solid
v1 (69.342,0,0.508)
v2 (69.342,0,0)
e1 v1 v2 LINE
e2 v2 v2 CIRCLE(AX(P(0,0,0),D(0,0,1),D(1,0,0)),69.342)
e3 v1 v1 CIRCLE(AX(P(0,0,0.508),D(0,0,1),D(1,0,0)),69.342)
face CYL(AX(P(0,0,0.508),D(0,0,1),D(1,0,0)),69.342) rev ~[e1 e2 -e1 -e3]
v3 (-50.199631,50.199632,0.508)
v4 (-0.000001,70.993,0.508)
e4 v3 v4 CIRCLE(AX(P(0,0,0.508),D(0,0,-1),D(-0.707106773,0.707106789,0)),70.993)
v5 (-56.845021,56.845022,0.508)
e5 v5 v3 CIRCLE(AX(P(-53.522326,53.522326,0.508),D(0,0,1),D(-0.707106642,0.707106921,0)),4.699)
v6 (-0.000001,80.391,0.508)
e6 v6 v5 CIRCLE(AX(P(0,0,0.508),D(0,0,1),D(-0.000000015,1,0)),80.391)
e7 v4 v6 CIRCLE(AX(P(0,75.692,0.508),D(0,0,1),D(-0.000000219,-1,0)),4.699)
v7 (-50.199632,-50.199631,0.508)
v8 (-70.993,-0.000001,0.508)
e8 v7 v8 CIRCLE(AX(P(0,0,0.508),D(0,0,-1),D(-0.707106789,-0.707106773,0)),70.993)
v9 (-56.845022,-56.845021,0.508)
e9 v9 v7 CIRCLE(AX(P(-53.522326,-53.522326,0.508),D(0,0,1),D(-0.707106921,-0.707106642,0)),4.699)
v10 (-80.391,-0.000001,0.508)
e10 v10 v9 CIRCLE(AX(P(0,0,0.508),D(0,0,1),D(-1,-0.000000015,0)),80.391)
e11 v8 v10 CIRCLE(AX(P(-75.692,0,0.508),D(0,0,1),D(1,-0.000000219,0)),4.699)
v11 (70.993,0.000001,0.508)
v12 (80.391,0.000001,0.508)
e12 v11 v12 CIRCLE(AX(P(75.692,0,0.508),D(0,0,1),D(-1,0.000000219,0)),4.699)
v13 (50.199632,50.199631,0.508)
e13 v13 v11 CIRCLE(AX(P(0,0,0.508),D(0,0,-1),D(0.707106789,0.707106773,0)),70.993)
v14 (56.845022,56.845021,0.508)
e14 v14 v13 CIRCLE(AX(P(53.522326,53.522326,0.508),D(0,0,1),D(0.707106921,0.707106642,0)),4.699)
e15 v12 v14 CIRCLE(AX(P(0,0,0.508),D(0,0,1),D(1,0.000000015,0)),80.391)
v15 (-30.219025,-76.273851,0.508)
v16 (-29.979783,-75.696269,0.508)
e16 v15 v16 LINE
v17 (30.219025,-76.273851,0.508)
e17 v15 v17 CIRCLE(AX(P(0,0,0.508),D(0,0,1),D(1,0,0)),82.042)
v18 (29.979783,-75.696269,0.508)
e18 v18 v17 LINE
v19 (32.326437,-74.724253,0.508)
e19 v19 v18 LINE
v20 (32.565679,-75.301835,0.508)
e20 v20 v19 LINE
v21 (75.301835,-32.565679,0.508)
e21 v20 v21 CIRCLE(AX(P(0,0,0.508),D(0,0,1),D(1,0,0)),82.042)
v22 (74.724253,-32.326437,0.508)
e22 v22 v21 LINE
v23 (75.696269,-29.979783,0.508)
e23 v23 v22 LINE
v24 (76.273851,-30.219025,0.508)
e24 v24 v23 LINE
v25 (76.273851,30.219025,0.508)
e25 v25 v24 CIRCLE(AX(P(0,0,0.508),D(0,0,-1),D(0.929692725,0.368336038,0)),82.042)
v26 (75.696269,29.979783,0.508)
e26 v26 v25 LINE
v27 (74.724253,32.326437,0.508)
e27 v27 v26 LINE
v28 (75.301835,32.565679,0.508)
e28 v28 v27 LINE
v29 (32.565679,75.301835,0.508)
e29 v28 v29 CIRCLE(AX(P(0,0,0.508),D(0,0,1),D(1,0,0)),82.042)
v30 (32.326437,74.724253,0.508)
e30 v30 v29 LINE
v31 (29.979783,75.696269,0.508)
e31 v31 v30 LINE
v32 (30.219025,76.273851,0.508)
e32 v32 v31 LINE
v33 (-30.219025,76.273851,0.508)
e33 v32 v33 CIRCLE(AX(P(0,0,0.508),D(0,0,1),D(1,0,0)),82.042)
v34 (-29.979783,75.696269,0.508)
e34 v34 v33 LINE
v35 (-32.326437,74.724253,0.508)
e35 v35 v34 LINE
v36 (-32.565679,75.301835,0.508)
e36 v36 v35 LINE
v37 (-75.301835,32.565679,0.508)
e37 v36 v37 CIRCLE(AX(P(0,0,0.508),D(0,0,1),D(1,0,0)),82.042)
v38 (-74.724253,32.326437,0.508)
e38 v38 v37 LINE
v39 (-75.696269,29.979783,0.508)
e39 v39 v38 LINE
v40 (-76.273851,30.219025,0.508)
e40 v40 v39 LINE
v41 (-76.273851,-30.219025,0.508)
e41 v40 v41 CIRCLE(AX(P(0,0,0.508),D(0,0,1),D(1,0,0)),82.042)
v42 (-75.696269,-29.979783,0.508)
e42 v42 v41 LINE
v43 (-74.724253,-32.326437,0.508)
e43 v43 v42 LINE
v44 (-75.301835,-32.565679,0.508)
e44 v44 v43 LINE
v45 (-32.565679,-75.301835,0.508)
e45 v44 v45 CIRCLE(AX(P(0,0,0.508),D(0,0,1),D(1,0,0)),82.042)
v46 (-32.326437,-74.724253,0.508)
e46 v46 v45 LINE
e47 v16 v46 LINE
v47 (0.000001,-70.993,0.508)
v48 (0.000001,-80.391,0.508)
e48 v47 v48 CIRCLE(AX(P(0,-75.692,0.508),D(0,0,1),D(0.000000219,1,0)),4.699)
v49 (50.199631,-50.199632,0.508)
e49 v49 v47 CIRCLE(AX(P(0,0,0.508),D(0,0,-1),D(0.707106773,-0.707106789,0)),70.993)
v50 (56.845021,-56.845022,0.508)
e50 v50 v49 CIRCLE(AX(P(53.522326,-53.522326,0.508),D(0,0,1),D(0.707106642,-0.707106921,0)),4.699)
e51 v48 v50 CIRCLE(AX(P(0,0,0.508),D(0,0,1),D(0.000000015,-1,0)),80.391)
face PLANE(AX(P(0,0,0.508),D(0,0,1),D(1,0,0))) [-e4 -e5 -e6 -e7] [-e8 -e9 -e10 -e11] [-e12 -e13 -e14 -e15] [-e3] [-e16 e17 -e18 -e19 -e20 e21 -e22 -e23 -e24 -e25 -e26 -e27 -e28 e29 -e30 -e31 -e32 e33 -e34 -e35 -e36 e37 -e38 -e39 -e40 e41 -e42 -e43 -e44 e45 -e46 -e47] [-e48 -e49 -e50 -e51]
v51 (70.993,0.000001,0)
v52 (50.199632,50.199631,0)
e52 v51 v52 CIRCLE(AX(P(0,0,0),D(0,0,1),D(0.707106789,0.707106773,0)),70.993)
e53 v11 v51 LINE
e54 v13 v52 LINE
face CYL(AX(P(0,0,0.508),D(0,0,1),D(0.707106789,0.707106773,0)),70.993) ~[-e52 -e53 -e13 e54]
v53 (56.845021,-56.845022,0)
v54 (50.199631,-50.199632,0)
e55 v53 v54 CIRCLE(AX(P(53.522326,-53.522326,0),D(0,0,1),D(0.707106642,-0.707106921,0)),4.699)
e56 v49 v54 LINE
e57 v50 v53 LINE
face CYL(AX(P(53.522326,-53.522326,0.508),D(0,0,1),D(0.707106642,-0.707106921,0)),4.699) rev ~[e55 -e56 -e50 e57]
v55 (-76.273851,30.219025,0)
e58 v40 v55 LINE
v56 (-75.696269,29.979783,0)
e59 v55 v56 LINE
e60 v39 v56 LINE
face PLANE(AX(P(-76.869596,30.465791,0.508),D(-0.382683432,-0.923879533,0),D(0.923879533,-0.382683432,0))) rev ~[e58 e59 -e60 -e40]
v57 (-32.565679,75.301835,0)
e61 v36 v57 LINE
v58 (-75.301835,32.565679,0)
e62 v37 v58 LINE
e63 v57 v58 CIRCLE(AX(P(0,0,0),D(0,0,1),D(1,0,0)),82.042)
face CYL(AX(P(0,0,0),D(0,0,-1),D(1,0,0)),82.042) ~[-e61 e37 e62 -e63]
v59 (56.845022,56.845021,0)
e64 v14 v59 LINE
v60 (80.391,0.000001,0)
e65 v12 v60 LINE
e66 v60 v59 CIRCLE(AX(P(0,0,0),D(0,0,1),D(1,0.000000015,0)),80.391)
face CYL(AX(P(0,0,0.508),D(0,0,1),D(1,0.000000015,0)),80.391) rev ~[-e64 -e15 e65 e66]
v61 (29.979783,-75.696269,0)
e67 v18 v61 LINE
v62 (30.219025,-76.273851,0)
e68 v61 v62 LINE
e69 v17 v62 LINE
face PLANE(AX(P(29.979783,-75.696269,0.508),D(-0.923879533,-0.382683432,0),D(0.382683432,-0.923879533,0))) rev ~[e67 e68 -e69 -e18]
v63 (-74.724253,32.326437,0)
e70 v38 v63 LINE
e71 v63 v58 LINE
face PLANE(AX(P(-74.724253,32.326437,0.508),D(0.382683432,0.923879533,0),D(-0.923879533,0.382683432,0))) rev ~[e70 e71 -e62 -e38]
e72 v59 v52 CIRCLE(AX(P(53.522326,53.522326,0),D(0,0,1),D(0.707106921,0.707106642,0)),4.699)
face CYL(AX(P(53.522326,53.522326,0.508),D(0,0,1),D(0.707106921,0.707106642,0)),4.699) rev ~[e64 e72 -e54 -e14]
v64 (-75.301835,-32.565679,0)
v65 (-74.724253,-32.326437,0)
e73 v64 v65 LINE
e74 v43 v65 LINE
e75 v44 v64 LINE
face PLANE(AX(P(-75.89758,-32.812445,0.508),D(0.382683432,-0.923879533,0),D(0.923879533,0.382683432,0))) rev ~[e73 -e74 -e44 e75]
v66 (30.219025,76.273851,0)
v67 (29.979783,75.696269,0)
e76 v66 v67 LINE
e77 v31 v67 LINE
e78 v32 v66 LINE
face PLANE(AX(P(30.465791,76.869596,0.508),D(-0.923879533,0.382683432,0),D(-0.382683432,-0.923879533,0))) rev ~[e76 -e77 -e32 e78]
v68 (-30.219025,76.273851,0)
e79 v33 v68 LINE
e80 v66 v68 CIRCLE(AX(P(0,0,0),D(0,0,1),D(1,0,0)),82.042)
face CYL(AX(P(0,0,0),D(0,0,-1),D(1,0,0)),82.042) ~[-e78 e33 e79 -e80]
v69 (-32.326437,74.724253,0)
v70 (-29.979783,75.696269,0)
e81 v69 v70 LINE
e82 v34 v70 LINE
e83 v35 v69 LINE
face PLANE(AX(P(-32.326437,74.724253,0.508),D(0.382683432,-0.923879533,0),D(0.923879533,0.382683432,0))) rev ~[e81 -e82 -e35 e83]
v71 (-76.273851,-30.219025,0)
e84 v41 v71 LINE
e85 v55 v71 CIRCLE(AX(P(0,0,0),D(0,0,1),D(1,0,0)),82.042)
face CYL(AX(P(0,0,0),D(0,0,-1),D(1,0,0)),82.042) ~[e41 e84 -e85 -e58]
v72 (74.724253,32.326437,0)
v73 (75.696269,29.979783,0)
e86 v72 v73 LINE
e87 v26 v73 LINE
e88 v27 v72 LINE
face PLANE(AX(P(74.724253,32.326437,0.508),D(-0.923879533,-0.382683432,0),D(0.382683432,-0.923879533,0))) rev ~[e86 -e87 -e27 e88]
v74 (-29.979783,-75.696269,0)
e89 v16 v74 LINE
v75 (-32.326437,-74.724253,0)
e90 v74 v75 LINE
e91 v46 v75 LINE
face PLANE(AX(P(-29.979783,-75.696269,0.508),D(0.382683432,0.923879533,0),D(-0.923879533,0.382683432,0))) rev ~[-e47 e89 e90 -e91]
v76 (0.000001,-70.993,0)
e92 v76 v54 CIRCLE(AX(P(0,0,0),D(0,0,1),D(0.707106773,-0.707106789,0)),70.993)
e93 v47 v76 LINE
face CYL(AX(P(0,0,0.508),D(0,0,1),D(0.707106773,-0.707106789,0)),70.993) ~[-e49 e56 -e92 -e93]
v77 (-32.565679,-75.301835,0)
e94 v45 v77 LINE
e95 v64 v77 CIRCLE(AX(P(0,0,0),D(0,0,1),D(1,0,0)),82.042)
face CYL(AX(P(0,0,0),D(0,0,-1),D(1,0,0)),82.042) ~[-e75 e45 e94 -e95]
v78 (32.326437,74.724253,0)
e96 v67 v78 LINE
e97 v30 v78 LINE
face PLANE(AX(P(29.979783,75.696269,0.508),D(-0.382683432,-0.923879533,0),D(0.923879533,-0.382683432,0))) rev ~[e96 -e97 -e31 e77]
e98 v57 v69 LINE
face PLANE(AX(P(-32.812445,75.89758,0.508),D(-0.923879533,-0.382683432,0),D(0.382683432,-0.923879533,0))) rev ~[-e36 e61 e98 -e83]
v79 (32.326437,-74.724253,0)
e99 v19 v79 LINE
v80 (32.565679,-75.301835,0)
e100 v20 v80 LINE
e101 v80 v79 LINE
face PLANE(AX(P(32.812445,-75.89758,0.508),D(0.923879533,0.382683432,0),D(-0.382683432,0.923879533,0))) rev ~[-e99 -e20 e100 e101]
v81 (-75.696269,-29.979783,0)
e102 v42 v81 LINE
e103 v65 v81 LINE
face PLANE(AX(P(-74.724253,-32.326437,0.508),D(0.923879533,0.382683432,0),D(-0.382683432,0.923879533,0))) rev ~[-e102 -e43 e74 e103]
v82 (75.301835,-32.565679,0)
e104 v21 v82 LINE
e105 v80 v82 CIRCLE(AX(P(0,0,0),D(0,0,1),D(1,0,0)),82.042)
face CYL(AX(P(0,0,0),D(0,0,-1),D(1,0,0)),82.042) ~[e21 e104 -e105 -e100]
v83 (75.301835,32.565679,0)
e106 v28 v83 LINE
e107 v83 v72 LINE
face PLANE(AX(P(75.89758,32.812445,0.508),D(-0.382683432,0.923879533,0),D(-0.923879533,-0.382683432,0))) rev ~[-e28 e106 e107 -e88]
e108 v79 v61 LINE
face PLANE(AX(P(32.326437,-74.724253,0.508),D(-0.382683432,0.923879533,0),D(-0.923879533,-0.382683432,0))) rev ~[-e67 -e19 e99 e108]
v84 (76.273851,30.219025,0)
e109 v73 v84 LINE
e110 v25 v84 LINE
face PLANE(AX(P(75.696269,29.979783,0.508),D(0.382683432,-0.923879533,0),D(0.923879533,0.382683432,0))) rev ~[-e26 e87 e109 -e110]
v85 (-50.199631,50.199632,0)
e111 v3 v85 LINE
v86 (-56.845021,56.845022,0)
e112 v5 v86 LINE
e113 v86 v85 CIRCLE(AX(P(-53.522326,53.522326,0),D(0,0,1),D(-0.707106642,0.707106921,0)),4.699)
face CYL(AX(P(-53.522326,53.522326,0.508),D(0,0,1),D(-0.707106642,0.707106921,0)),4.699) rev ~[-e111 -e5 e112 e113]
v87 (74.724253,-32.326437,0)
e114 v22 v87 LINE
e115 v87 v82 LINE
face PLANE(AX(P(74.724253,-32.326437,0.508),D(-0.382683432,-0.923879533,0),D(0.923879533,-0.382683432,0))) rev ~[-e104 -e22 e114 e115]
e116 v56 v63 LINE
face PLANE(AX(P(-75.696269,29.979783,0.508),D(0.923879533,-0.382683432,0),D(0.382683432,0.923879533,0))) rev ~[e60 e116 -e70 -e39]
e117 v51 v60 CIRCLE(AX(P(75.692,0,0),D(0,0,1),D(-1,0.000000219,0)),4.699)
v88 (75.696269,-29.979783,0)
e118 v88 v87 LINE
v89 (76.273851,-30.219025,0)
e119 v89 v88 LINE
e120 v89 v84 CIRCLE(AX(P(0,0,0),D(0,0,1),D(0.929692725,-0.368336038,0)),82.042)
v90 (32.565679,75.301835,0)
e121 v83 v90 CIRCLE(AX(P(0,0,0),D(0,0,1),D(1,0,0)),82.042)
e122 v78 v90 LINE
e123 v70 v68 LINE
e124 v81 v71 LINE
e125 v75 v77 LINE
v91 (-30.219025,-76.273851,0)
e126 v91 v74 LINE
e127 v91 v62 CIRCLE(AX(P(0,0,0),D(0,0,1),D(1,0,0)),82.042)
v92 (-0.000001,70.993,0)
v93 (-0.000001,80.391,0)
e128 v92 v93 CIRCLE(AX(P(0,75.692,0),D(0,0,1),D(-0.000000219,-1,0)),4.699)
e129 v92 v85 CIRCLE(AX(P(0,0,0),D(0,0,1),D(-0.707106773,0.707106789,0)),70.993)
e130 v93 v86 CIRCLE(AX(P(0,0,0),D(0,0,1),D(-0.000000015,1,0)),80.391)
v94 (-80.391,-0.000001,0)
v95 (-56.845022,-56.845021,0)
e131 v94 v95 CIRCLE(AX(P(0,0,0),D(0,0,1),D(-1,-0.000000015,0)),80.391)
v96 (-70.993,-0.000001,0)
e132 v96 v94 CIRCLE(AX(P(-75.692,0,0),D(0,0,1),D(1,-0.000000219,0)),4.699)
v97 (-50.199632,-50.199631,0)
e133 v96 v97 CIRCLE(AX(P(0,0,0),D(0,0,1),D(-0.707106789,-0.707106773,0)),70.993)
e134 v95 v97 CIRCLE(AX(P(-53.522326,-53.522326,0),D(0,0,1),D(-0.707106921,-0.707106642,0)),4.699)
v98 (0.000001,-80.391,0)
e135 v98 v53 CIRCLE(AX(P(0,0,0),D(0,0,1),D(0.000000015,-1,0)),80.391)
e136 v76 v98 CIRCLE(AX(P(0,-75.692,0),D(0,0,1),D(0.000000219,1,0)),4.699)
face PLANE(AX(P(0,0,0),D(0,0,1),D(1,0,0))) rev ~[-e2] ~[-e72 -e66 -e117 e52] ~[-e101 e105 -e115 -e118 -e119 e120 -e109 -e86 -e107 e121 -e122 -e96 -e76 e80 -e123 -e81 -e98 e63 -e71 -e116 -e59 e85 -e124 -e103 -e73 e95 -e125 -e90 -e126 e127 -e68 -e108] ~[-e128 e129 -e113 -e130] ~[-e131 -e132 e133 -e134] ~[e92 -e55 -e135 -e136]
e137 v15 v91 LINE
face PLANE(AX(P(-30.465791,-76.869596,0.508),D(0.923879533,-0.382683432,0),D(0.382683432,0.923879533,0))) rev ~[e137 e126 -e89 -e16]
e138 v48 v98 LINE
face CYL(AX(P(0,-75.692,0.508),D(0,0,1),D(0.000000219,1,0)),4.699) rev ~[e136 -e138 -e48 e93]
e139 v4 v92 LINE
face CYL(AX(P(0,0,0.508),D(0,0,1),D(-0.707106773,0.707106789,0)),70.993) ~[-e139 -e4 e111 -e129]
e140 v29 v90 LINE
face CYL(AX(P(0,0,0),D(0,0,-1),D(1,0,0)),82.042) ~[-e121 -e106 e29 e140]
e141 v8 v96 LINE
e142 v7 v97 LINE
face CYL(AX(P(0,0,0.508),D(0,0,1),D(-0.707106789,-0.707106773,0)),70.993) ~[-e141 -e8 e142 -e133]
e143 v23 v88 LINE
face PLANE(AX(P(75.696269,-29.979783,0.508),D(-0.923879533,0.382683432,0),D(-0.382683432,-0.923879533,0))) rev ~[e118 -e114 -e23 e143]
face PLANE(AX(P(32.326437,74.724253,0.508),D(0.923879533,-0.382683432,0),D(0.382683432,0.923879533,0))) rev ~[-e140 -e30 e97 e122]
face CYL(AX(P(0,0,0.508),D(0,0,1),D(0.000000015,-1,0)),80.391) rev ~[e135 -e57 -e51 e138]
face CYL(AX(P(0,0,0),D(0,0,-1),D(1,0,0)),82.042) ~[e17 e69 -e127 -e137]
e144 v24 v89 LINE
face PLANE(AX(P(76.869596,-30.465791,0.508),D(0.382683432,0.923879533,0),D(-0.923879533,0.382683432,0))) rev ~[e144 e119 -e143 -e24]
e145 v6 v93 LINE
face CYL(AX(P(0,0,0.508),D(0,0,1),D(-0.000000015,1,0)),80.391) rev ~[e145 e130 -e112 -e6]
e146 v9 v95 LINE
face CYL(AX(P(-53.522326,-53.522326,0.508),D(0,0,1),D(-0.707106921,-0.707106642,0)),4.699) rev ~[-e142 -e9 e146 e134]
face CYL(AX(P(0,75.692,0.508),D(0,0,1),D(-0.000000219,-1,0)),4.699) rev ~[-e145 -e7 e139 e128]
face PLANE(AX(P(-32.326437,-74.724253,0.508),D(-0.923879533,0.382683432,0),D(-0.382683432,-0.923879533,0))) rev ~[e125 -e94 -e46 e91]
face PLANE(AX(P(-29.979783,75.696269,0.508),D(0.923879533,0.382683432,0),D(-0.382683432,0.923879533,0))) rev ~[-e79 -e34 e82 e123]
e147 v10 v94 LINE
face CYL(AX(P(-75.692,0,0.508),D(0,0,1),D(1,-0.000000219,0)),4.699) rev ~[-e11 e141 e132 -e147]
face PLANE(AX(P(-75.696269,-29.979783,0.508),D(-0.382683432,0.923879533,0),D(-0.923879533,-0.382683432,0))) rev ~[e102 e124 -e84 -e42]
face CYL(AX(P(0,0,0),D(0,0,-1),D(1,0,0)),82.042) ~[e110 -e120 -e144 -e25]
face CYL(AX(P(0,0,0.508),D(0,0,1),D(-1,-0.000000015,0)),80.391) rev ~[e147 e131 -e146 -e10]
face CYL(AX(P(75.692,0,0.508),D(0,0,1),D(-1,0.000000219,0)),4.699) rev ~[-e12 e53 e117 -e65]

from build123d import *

# Parameters (mm, degrees)
SKETCH4_R           = 82.042
BOSS_EXTRUDE2_DEPTH = 0.508
SKETCH5_R           = 69.342
CUT_EXTRUDE5_DEPTH  = 1.508
CUT_EXTRUDE6_DEPTH  = 1.508
CUT_EXTRUDE11_DEPTH = 1.508


with BuildPart() as part:
    # Sketch4 → Boss-Extrude2 (new body)
    with BuildSketch(Plane.XY):
        Circle(SKETCH4_R)
    extrude(amount=BOSS_EXTRUDE2_DEPTH)

    # Sketch5 → Cut-Extrude5 (cut, through all)
    with BuildSketch(Plane.XY.offset(0.508)):
        Circle(SKETCH5_R)
    extrude(amount=-CUT_EXTRUDE5_DEPTH, mode=Mode.SUBTRACT)

    # Sketch6 → Cut-Extrude6 (cut, through all)
    with BuildSketch(Plane.XY.offset(0.508)):
        with BuildLine():
            ThreePointArc((56.845021902, 56.845020591), (50.199631755, 56.845021285), (50.199632296, 50.199631138))
            ThreePointArc((50.199632296, 50.199631138), (65.588979611, 27.167845011), (70.993, 1.03e-06))
            ThreePointArc((70.993, 1.03e-06), (75.692000068, -4.699), (80.391, 1.166e-06))
            ThreePointArc((80.391, 1.166e-06), (74.271599452, 30.764303922), (56.845021902, 56.845020591))
        make_face()
        with BuildLine():
            ThreePointArc((56.845020591, -56.845021902), (56.845021285, -50.199631755), (50.199631138, -50.199632296))
            ThreePointArc((50.199631138, -50.199632296), (27.167845011, -65.588979611), (1.03e-06, -70.993))
            ThreePointArc((1.03e-06, -70.993), (-4.699, -75.692000068), (1.166e-06, -80.391))
            ThreePointArc((1.166e-06, -80.391), (30.764303922, -74.271599452), (56.845020591, -56.845021902))
        make_face()
        with BuildLine():
            ThreePointArc((-56.845021902, -56.845020591), (-50.199631755, -56.845021285), (-50.199632296, -50.199631138))
            ThreePointArc((-50.199632296, -50.199631138), (-65.588979611, -27.167845011), (-70.993, -1.03e-06))
            ThreePointArc((-70.993, -1.03e-06), (-75.692000068, 4.699), (-80.391, -1.166e-06))
            ThreePointArc((-80.391, -1.166e-06), (-74.271599452, -30.764303922), (-56.845021902, -56.845020591))
        make_face()
        with BuildLine():
            ThreePointArc((-56.845020591, 56.845021902), (-56.845021285, 50.199631755), (-50.199631138, 50.199632296))
            ThreePointArc((-50.199631138, 50.199632296), (-27.167845011, 65.588979611), (-1.03e-06, 70.993))
            ThreePointArc((-1.03e-06, 70.993), (4.699, 75.692000068), (-1.166e-06, 80.391))
            ThreePointArc((-1.166e-06, 80.391), (-30.764303922, 74.271599452), (-56.845020591, 56.845021902))
        make_face()
    extrude(amount=-CUT_EXTRUDE6_DEPTH, mode=Mode.SUBTRACT)

    # Sketch8 → Cut-Extrude11 (cut, through all)
    with BuildSketch(Plane.XY.offset(0.508)):
        Polygon((76.869596069, 30.465791131), (75.89758015, 32.812445144), (74.724253144, 32.326437185), (75.696269062, 29.979783172), align=None)
        Polygon((-30.465791131, 76.869596069), (-32.812445144, 75.89758015), (-32.326437185, 74.724253144), (-29.979783172, 75.696269062), align=None)
        Polygon((-75.89758015, 32.812445144), (-76.869596069, 30.465791131), (-75.696269062, 29.979783172), (-74.724253144, 32.326437185), align=None)
        Polygon((-76.869596069, -30.465791131), (-75.89758015, -32.812445144), (-74.724253144, -32.326437185), (-75.696269062, -29.979783172), align=None)
        Polygon((-32.812445144, -75.89758015), (-30.465791131, -76.869596069), (-29.979783172, -75.696269062), (-32.326437185, -74.724253144), align=None)
        Polygon((30.465791131, -76.869596069), (32.812445144, -75.89758015), (32.326437185, -74.724253144), (29.979783172, -75.696269062), align=None)
        Polygon((75.89758015, -32.812445144), (76.869596069, -30.465791131), (75.696269062, -29.979783172), (74.724253144, -32.326437185), align=None)
        Polygon((32.812445144, 75.89758015), (30.465791131, 76.869596069), (29.979783172, 75.696269062), (32.326437185, 74.724253144), align=None)
    extrude(amount=-CUT_EXTRUDE11_DEPTH, mode=Mode.SUBTRACT)


solid = part.part
